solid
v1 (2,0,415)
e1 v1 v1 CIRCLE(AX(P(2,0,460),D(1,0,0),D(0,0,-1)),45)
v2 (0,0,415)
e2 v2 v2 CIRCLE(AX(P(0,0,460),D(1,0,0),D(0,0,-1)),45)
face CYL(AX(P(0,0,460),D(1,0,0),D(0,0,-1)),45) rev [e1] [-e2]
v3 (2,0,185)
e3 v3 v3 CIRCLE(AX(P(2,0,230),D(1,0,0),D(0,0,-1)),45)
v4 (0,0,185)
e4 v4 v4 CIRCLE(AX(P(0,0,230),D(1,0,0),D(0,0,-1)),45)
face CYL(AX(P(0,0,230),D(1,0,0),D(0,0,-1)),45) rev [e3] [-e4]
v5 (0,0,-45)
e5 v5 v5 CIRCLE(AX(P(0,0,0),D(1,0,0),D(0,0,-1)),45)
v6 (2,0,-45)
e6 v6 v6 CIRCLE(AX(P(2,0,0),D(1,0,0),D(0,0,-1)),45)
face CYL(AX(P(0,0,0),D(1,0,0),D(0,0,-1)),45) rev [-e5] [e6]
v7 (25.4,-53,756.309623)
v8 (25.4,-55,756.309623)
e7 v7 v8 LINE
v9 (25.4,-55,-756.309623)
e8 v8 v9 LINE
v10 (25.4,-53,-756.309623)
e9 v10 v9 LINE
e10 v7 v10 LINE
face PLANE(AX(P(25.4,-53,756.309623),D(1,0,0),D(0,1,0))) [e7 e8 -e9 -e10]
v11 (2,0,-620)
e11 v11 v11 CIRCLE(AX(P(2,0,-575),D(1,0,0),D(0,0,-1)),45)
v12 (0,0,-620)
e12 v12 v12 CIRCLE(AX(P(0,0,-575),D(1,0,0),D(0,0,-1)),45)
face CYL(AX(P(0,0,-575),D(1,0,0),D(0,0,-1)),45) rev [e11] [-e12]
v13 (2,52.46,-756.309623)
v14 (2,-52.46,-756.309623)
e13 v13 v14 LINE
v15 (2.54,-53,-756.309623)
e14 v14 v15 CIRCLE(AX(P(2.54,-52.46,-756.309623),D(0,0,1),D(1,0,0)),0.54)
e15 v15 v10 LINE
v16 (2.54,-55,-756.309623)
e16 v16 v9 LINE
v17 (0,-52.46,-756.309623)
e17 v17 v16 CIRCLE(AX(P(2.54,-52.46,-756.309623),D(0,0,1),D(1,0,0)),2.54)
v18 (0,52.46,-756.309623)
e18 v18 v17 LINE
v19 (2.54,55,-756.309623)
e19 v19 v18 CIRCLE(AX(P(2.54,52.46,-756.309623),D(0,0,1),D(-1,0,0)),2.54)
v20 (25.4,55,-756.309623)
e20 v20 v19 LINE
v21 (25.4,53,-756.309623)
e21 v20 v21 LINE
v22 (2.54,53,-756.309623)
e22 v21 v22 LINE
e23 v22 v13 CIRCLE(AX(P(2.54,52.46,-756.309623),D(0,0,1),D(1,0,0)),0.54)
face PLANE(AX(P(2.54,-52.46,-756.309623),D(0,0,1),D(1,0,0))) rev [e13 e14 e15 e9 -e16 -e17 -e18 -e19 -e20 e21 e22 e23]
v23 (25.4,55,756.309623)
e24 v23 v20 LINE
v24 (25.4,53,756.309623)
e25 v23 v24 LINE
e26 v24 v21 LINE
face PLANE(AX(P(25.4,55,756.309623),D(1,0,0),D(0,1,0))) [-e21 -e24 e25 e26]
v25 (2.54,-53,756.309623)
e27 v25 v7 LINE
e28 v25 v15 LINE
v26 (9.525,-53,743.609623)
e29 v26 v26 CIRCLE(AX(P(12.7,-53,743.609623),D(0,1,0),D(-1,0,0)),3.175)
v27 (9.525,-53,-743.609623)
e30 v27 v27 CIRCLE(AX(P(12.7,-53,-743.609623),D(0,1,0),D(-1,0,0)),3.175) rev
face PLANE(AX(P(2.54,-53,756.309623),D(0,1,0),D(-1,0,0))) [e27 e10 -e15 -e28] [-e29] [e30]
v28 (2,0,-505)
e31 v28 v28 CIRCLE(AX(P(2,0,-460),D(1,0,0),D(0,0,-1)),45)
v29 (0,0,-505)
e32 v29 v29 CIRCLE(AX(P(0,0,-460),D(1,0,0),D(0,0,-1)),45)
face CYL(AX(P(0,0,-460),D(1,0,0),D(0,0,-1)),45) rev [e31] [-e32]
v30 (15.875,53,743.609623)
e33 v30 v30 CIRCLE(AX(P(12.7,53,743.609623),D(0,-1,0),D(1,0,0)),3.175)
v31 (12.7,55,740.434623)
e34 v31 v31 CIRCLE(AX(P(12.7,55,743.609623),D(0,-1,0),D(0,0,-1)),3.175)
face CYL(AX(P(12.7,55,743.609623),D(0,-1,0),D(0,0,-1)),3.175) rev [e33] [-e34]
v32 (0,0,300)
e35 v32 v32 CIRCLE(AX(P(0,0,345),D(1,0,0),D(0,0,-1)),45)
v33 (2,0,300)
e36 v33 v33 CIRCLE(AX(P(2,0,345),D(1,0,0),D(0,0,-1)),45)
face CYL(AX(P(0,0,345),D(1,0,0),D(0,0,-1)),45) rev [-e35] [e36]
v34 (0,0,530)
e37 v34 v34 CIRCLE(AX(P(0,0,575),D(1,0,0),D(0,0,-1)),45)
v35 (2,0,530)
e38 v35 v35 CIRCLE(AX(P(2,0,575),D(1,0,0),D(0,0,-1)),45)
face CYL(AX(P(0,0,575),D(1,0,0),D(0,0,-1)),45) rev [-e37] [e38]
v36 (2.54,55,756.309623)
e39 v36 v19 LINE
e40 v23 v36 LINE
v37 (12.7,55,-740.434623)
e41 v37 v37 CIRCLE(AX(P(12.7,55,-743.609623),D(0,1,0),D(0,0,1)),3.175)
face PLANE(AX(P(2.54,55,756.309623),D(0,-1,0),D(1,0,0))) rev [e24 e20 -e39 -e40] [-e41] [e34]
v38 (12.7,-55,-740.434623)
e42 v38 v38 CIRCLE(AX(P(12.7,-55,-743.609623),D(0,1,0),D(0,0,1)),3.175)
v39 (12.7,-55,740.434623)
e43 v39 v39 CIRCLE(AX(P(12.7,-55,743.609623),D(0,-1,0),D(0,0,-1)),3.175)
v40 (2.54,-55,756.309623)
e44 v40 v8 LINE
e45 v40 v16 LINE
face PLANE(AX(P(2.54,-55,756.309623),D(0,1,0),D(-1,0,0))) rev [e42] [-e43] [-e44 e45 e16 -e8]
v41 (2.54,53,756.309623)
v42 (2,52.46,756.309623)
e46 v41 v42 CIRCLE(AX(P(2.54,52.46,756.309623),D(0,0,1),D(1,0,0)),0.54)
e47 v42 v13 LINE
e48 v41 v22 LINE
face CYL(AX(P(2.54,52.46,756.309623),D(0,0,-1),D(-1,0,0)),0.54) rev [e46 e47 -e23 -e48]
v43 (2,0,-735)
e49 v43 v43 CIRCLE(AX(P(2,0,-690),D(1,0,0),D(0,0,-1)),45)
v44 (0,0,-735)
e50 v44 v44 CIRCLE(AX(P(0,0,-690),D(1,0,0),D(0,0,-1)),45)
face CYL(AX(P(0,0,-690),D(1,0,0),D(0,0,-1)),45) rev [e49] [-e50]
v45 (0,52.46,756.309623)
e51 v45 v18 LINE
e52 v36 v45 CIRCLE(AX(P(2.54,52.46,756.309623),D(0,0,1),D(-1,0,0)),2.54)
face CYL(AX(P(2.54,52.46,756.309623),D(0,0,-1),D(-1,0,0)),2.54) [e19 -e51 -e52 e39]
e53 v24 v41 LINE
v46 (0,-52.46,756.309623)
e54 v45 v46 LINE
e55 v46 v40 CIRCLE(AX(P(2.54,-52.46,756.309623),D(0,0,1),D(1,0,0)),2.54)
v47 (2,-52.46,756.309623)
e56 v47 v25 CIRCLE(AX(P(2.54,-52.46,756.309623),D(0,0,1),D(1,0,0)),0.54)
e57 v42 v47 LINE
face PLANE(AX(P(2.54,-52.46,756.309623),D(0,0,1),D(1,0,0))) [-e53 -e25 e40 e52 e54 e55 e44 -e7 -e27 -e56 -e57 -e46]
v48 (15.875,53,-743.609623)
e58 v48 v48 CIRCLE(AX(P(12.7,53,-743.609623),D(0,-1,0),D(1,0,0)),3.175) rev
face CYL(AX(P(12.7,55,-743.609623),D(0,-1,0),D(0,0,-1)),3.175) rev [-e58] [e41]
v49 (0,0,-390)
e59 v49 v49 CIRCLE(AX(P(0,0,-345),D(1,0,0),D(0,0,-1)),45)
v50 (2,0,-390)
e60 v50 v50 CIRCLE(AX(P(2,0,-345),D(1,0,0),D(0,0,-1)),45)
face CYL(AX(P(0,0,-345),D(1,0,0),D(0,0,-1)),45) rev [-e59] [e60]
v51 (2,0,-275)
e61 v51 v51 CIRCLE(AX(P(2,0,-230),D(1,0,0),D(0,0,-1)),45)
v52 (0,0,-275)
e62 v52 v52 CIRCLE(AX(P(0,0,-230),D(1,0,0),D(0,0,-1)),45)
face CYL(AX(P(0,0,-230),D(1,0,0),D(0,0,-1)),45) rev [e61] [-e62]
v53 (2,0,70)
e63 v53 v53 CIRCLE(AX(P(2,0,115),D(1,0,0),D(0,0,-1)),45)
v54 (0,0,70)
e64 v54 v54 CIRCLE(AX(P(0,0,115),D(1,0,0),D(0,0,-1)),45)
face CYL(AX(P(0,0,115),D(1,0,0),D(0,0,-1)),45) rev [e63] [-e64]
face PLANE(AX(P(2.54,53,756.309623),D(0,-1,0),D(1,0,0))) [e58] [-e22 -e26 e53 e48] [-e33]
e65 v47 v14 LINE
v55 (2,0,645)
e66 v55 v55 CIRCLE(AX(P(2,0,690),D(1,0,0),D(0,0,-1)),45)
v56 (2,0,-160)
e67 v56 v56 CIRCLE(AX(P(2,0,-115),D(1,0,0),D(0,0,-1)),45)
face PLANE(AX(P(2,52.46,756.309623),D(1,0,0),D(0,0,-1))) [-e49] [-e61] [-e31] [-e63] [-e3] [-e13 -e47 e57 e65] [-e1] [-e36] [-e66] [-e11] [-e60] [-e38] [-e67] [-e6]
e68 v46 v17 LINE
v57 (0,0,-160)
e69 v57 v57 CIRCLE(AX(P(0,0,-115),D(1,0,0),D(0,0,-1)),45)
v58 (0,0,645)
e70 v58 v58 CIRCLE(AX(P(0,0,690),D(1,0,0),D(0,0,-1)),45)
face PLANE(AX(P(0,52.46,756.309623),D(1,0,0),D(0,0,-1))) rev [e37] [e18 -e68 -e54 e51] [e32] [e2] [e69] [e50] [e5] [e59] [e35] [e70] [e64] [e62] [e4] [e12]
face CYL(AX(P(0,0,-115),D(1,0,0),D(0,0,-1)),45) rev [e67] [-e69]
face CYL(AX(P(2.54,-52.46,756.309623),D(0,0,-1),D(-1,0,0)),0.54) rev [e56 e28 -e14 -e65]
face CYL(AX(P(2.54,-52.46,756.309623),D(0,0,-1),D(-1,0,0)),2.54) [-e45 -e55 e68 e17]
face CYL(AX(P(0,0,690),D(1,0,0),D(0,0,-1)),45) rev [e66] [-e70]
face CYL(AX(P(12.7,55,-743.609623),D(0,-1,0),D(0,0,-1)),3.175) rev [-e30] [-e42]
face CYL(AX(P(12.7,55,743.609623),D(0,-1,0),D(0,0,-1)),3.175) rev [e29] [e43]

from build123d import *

# Parameters (mm, degrees)
EXTRUDE_THIN1_DEPTH = 756.30962295
SKETCH2_R           = 45
EXTRUDE1_DEPTH      = 3
LPATTERN1_COUNT     = 7
LPATTERN1_PITCH     = 115
LPATTERN2_COUNT     = 7
LPATTERN2_PITCH     = 115
SKETCH3_R           = 3.175
EXTRUDE2_DEPTH      = 111


with BuildPart() as part:
    # Sketch1 → Extrude-Thin1 (new body, symmetric)
    with BuildSketch(Plane.XY):
        with BuildLine():
            Line((25.4, 55), (2.54, 55))
            ThreePointArc((2.54, 55), (0.743948776, 54.256051224), (0, 52.46))
            Line((0, 52.46), (0, -52.46))
            ThreePointArc((0, -52.46), (0.743948776, -54.256051224), (2.54, -55))
            Line((2.54, -55), (25.4, -55))
            Line((25.4, -55), (25.4, -53))
            Line((25.4, -53), (2.54, -53))
            ThreePointArc((2.54, -53), (2.158162338, -52.841837662), (2, -52.46))
            Line((2, -52.46), (2, 52.46))
            ThreePointArc((2, 52.46), (2.158162338, 52.841837662), (2.54, 53))
            Line((2.54, 53), (25.4, 53))
            Line((25.4, 53), (25.4, 55))
        make_face()
    extrude(amount=EXTRUDE_THIN1_DEPTH, both=True)

    # Sketch2 → Extrude1 (cut, through all)
    with BuildSketch(Plane(origin=(2, 0, 0), x_dir=(0, 0, -1), z_dir=(1, 0, 0))):
        Circle(SKETCH2_R)
    extrude1 = extrude(amount=-EXTRUDE1_DEPTH, mode=Mode.SUBTRACT)

    # LPattern1: Extrude1 ×7
    with Locations(*[(0, 0, i * LPATTERN1_PITCH) for i in range(1, LPATTERN1_COUNT)]):
        add(extrude1, mode=Mode.SUBTRACT)

    # LPattern2: Extrude1 ×7
    with Locations(*[(0, 0, -i * LPATTERN2_PITCH) for i in range(1, LPATTERN2_COUNT)]):
        add(extrude1, mode=Mode.SUBTRACT)

    # Sketch3 → Extrude2 (cut, through all)
    with BuildSketch(Plane.XZ.offset(55)):
        with Locations(Location((12.7, 743.60962295, 0), (0, 0, 270))):  # turned: the seam where the file's is
            Circle(SKETCH3_R)
    extrude2 = extrude(amount=-EXTRUDE2_DEPTH, mode=Mode.SUBTRACT)

    # Mirror1: Extrude2 across plane
    add(extrude2.mirror(Plane.XY), mode=Mode.SUBTRACT)


solid = part.part
